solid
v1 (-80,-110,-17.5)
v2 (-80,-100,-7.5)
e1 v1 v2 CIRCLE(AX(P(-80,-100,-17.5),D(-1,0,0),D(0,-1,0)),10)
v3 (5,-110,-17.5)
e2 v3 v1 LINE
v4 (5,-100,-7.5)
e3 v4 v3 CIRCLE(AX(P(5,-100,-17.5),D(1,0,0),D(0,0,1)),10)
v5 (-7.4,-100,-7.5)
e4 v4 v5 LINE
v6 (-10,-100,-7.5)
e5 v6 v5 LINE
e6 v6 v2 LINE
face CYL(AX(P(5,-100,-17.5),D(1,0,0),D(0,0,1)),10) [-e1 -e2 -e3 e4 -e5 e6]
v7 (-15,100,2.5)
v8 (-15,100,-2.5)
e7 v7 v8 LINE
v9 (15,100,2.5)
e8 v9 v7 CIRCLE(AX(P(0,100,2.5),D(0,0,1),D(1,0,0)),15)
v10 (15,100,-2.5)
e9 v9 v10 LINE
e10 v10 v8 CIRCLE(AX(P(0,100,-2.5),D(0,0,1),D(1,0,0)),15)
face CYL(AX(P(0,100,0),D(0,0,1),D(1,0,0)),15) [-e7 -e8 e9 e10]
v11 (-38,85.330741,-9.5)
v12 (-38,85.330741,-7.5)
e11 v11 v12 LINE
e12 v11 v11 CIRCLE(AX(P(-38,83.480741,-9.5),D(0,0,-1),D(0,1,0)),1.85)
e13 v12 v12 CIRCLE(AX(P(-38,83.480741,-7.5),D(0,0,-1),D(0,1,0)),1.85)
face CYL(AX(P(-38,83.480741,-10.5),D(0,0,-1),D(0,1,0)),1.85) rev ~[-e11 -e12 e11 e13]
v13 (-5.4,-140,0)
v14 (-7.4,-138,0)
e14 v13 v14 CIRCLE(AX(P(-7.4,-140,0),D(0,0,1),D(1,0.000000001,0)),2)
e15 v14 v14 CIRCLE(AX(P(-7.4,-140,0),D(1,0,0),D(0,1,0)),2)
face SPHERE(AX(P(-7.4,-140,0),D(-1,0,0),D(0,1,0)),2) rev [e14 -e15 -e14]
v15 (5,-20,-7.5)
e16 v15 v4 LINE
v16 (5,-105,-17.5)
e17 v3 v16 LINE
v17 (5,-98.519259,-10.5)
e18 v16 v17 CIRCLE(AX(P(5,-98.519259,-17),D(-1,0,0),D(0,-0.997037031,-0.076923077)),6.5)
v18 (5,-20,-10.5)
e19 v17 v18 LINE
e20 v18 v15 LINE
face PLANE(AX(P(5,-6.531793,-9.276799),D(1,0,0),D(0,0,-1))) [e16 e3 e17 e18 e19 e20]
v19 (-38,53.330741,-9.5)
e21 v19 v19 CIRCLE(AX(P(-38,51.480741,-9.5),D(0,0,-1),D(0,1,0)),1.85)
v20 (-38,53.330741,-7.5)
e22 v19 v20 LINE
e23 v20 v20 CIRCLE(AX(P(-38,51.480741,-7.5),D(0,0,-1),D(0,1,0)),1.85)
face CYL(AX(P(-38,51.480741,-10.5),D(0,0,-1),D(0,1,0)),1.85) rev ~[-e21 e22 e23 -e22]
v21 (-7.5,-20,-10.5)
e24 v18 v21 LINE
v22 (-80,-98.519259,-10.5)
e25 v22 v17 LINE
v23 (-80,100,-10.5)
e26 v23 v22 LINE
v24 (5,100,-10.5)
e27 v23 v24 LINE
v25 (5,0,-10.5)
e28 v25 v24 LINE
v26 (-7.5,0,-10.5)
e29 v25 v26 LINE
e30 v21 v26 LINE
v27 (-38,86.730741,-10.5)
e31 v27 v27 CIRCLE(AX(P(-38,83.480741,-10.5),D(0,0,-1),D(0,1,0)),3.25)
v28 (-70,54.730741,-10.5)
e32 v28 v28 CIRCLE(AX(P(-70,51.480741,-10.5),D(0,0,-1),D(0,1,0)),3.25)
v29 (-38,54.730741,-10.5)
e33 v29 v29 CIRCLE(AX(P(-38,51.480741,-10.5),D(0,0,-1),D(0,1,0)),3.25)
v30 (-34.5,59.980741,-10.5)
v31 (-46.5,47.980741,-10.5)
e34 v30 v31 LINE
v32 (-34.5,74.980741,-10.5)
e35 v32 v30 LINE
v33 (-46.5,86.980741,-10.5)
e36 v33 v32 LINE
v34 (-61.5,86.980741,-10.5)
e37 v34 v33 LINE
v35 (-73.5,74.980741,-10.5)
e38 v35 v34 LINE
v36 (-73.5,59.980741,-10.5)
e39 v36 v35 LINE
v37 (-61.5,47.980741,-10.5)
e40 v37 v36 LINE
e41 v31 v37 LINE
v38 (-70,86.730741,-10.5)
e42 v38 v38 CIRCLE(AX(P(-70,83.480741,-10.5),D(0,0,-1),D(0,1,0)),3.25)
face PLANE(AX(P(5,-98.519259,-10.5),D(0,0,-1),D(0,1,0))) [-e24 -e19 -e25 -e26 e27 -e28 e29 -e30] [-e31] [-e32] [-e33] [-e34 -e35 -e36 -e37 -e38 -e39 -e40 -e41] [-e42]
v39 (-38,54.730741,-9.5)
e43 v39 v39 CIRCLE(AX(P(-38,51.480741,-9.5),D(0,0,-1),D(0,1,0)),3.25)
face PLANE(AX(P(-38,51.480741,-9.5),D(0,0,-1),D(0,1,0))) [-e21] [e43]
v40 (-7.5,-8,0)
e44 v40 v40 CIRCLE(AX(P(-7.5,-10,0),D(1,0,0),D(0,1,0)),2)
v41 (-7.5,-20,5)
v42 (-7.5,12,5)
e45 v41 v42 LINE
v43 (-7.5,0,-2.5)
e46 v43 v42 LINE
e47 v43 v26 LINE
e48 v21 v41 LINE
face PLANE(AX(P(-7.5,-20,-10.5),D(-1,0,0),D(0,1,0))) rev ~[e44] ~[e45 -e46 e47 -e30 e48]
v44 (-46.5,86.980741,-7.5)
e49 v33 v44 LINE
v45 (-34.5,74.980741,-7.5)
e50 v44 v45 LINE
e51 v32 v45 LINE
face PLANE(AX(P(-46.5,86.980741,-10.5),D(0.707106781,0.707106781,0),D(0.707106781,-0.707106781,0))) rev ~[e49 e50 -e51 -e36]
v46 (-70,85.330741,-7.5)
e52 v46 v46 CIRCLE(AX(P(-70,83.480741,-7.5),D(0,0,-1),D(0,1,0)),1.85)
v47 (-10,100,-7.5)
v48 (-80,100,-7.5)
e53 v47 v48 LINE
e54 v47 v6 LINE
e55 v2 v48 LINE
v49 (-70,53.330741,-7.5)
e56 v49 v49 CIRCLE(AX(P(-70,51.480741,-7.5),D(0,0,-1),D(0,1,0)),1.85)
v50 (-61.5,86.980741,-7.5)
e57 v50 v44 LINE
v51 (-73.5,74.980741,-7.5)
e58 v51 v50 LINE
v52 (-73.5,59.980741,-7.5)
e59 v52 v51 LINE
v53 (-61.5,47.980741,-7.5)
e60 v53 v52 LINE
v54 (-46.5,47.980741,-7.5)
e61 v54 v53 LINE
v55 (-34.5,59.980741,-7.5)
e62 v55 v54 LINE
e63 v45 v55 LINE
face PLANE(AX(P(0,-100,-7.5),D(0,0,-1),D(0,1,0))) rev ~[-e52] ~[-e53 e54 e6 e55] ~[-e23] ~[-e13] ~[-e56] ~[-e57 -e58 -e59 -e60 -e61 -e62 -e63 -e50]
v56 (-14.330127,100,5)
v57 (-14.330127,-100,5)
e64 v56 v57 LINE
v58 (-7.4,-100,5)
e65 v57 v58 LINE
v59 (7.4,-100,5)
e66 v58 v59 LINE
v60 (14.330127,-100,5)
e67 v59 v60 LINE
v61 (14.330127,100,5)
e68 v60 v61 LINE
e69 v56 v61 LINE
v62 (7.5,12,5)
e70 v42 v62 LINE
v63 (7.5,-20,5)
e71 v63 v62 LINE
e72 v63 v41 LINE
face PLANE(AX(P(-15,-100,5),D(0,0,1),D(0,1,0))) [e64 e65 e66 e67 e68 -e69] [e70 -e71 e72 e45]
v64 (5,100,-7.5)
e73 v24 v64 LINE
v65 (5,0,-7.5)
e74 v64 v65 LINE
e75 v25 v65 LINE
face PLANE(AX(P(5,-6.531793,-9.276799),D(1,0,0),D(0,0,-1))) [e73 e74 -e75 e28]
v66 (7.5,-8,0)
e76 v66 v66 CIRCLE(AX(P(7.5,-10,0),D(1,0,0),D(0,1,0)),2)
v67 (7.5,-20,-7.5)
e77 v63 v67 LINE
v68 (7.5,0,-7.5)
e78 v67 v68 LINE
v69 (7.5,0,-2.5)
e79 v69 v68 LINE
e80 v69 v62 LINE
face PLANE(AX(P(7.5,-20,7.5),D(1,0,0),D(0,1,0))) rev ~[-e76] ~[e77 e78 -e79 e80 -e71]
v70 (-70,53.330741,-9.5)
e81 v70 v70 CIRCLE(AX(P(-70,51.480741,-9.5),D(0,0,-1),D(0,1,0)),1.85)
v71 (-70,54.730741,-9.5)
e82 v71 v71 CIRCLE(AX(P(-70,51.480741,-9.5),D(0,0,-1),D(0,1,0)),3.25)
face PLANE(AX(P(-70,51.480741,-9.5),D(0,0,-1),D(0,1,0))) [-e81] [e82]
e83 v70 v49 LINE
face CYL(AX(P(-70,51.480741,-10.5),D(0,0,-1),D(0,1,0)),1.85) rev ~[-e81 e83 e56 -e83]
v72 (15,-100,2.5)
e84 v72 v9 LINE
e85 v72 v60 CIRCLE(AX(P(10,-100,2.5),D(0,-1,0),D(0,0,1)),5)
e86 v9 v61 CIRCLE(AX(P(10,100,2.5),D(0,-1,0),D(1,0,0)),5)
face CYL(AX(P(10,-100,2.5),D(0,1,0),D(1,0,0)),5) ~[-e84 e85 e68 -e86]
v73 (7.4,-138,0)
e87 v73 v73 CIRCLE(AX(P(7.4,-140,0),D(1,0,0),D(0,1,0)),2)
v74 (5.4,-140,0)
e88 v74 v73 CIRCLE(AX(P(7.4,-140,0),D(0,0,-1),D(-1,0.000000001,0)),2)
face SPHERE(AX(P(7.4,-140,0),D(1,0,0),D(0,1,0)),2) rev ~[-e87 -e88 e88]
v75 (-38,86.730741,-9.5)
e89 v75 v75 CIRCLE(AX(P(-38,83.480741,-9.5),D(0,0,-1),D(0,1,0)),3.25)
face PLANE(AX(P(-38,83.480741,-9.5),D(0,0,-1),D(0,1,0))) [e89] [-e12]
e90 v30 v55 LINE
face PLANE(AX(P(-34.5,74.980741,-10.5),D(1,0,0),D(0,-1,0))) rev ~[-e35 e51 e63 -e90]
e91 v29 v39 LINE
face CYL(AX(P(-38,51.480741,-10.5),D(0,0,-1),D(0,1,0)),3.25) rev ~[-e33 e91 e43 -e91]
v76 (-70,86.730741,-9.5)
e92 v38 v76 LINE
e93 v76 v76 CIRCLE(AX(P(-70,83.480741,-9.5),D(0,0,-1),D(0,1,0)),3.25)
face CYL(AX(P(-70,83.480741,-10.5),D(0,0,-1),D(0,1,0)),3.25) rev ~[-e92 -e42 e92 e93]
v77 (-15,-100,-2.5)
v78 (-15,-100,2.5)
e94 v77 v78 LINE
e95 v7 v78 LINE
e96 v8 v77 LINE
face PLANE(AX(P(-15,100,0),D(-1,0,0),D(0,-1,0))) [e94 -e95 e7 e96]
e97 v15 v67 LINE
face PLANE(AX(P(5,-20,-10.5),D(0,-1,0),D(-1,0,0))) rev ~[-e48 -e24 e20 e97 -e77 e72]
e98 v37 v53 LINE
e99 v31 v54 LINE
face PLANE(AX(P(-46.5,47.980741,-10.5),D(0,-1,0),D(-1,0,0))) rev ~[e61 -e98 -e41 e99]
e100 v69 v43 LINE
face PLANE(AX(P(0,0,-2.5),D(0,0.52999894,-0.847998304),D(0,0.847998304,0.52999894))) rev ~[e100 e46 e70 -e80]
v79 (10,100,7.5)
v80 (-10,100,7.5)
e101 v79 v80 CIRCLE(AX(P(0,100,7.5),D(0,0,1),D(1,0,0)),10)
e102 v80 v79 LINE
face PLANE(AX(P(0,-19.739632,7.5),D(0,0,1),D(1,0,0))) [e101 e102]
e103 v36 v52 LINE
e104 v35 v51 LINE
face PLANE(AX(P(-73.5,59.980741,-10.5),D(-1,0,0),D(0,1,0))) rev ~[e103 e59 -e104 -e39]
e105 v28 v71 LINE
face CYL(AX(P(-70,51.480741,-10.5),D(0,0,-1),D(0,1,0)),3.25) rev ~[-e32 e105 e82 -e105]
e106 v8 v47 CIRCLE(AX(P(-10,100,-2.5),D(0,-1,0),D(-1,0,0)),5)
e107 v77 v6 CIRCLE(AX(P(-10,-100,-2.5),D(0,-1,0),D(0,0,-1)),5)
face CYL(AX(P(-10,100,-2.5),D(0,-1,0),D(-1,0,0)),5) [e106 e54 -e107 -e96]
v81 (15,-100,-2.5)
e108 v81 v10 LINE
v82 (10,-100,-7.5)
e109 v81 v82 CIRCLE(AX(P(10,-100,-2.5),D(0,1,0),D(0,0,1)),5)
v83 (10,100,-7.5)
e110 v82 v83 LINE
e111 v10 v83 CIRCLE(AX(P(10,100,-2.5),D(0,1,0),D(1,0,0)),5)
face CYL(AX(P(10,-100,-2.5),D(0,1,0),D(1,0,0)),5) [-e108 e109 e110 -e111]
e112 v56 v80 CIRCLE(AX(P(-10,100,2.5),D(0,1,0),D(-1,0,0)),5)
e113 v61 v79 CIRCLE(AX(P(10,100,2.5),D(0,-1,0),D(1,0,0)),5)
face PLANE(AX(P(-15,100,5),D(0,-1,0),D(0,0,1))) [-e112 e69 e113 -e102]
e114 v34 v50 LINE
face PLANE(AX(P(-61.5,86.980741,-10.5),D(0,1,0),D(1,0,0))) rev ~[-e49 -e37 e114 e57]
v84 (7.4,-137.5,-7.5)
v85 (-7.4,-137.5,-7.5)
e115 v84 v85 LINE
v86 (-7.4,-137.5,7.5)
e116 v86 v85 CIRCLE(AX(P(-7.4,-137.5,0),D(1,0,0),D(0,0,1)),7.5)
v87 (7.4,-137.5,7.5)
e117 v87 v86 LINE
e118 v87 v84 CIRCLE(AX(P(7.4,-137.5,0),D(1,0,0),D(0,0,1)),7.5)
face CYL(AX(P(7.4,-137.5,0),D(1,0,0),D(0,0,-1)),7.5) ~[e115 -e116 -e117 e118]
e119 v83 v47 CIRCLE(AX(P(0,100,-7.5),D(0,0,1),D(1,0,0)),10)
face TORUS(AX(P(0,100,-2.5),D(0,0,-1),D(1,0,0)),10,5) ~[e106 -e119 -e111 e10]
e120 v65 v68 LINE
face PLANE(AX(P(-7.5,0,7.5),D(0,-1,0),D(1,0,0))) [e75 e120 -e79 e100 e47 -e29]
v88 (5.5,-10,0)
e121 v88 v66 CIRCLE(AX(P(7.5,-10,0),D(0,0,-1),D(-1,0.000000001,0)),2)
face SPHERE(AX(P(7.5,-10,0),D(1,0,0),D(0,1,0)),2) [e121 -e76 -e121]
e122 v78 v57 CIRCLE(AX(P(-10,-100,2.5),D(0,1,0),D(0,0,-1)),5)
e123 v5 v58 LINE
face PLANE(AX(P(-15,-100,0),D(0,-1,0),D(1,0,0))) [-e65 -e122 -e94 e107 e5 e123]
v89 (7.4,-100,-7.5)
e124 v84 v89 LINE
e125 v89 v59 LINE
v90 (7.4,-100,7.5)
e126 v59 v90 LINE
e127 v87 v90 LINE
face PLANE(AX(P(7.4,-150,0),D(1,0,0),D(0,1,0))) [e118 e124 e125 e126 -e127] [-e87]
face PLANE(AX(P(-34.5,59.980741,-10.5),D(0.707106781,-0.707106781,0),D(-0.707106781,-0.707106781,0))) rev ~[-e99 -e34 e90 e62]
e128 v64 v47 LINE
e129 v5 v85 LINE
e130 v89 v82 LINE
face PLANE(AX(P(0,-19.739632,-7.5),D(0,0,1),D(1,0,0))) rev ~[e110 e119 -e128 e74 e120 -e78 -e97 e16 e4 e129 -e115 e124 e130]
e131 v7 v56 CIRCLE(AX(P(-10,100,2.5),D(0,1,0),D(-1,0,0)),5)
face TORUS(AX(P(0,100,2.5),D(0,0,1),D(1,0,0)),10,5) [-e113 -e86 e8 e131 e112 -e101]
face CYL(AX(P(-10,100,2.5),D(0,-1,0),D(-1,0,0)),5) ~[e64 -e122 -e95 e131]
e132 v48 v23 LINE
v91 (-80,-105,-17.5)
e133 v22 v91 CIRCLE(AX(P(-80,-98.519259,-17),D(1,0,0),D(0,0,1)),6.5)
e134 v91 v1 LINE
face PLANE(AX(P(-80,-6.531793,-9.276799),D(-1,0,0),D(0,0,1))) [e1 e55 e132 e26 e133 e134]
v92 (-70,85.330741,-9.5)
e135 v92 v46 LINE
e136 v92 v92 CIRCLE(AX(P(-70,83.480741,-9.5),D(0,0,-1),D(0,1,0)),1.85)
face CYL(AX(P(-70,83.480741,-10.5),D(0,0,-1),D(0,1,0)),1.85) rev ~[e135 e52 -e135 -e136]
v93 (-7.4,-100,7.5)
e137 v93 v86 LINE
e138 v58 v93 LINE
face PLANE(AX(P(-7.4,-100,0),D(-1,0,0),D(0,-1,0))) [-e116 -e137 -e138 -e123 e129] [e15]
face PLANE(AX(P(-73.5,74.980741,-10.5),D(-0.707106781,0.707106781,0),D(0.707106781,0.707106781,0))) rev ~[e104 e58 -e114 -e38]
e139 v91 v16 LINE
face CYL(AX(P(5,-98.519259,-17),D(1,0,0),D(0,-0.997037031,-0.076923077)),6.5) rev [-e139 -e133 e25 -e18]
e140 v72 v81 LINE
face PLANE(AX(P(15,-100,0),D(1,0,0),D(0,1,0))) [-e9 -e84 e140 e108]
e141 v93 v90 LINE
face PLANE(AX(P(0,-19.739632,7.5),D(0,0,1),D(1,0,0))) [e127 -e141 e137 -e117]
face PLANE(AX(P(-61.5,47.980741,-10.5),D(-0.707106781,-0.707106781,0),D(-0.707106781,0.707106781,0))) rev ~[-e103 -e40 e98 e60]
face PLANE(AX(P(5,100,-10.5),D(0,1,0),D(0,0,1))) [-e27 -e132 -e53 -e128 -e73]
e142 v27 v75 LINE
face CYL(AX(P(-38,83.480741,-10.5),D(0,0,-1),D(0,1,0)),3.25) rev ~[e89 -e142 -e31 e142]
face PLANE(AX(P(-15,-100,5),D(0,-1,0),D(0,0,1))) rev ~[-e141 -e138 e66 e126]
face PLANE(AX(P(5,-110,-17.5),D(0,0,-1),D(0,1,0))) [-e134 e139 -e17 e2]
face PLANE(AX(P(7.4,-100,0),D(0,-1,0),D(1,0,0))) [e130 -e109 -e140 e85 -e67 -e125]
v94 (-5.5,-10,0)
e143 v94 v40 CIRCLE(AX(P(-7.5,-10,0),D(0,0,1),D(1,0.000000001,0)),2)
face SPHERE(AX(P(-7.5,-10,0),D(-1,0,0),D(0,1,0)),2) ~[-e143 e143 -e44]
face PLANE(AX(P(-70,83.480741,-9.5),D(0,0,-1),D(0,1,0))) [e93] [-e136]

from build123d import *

# Parameters (mm, degrees)
BOSS_EXTRUDE1_DEPTH = 7.5
FILLET1_R           = 5
SKETCH2_W           = 15
SKETCH2_H           = 20
CUT_EXTRUDE1_DEPTH  = 152.492574075
FILLET6_R           = 5
CUT_EXTRUDE2_DEPTH  = 152.848641746
BOSS_EXTRUDE2_DEPTH = 80
BOSS_EXTRUDE3_START = 5
BOSS_EXTRUDE3_DEPTH = 5
SKETCH12_W          = 12.5
SKETCH12_H          = 20
CUT_EXTRUDE3_DEPTH  = 3
SKETCH13_W          = 2.5
SKETCH13_H          = 200
CUT_EXTRUDE4_DEPTH  = 160.863222787
SKETCH14_R          = 1.85
CUT_EXTRUDE5_DEPTH  = 10
SKETCH15_R          = 3.25
CUT_EXTRUDE6_DEPTH  = 1
CUT_EXTRUDE7_DEPTH  = 7.5


with BuildPart() as part:
    # Sketch1 → Boss-Extrude1 (new, symmetric)
    with BuildSketch(Plane.XY):
        with BuildLine():
            Line((-15, 100), (-15, -100))
            Line((-15, -100), (-7.4, -100))
            Line((-7.4, -100), (-7.4, -150))
            Line((-7.4, -150), (7.4, -150))
            Line((7.4, -150), (7.4, -100))
            Line((7.4, -100), (15, -100))
            Line((15, -100), (15, 100))
            ThreePointArc((15, 100), (0, 115), (-15, 100))
        make_face()
    extrude(amount=BOSS_EXTRUDE1_DEPTH, both=True)

    # Fillet1
    fillet1_edges = [part.edges().sort_by_distance(p)[0] for p in [
        (-15, 0, -7.5),
        (0, 115, -7.5),
        (15, 0, 7.5),
        (0, 115, 7.5),
        (15, 0, -7.5),
        (-15, 0, 7.5),
    ]]
    fillet(fillet1_edges, radius=FILLET1_R)

    # Sketch2 → Cut-Extrude1 (cut, through all)
    with BuildSketch(Plane.XY.offset(7.5)):
        with Locations((0, -10)):
            Rectangle(SKETCH2_W, SKETCH2_H)
    extrude(amount=-CUT_EXTRUDE1_DEPTH, mode=Mode.SUBTRACT)

    # Sketch5 → Cut-Revolve1 (revolve, cut)
    with BuildSketch(Plane.XY):
        with BuildLine():
            Line((-7.4, -140), (-5.4, -140))
            ThreePointArc((-5.4, -140), (-5.985786438, -138.585786438), (-7.4, -138))
            Line((-7.4, -138), (-7.4, -140))
        make_face()
        with BuildLine():
            Line((7.4, -140), (5.4, -140))
            ThreePointArc((5.4, -140), (5.985786438, -138.585786438), (7.4, -138))
            Line((7.4, -138), (7.4, -140))
        make_face()
    revolve(axis=Axis((-35.580304025, -140, 0), (1, 0, 0)), mode=Mode.SUBTRACT)

    # Fillet6
    fillet6_edges = [part.edges().sort_by_distance(p)[0] for p in [
        (7.4, -150, 0),
        (-7.4, -150, 0),
    ]]
    fillet(fillet6_edges, radius=FILLET6_R)

    # Sketch7 → Cut-Extrude2 (cut, through all)
    with BuildSketch(Plane(origin=(7.4, 0, 0), x_dir=(0, 0, -1), z_dir=(1, 0, 0))):
        with BuildLine():
            Line((-7.5, -137.5), (-7.5, -150))
            Line((-7.5, -150), (7.5, -150))
            Line((7.5, -150), (7.5, -137.5))
            ThreePointArc((7.5, -137.5), (0, -145), (-7.5, -137.5))
        make_face()
    extrude(amount=-CUT_EXTRUDE2_DEPTH, mode=Mode.SUBTRACT)

    # Sketch9 → Revolve2 (revolve)
    with BuildSketch(Plane.XY):
        with BuildLine():
            Line((-7.5, -10), (-5.5, -10))
            ThreePointArc((-5.5, -10), (-6.085786438, -8.585786438), (-7.5, -8))
            Line((-7.5, -8), (-7.5, -10))
        make_face()
        with BuildLine():
            Line((7.5, -10), (5.5, -10))
            ThreePointArc((5.5, -10), (6.085786438, -8.585786438), (7.5, -8))
            Line((7.5, -8), (7.5, -10))
        make_face()
    revolve(axis=Axis((-32.251262552, -10, 0), (1, 0, 0)))

    # Sketch10 → Boss-Extrude2 (add)
    with BuildSketch(Plane(origin=(0, 0, 0), x_dir=(0, 0, -1), z_dir=(1, 0, 0))):
        with BuildLine():
            Line((7.5, -100), (7.5, 100))
            Line((7.5, 100), (10.5, 100))
            Line((10.5, 100), (10.5, -98.519259302))
            ThreePointArc((10.5, -98.519259302), (12.584119567, -103.288955309), (17.5, -105))
            Line((17.5, -105), (17.5, -110))
            ThreePointArc((17.5, -110), (10.428932188, -107.071067812), (7.5, -100))
        make_face()
    extrude(amount=-BOSS_EXTRUDE2_DEPTH)

    # Sketch11 → Boss-Extrude3 (add)
    with BuildSketch(Plane(origin=(0, 0, 0), x_dir=(0, 0, -1), z_dir=(1, 0, 0)).offset(BOSS_EXTRUDE3_START)):
        with BuildLine():
            Line((17.5, -110), (17.5, -105))
            ThreePointArc((17.5, -105), (12.584119567, -103.288955309), (10.5, -98.519259302))
            Line((10.5, -98.519259302), (10.5, 100))
            Line((10.5, 100), (7.5, 100))
            Line((7.5, 100), (7.5, -100))
            ThreePointArc((7.5, -100), (10.428932188, -107.071067812), (17.5, -110))
        make_face()
    extrude(amount=-BOSS_EXTRUDE3_DEPTH)

    # Sketch12 → Cut-Extrude3 (cut)
    with BuildSketch(Plane(origin=(0, 0, -10.5), x_dir=(-1, 0, 0), z_dir=(0, 0, -1))):
        with Locations((1.25, -10)):
            Rectangle(SKETCH12_W, SKETCH12_H)
    extrude(amount=-CUT_EXTRUDE3_DEPTH, mode=Mode.SUBTRACT)

    # Sketch13 → Cut-Extrude4 (cut, through all)
    with BuildSketch(Plane.ZY.offset(15)):
        with Locations((6.25, 0)):
            Rectangle(SKETCH13_W, SKETCH13_H)
    extrude(amount=-CUT_EXTRUDE4_DEPTH, mode=Mode.SUBTRACT)

    # Sketch14 → Cut-Extrude5 (cut)
    with BuildSketch(Plane(origin=(0, 0, -10.5), x_dir=(-1, 0, 0), z_dir=(0, 0, -1))):
        with Locations(Location((70, 51.480740698, 0), (0, 0, 90))):
            Circle(SKETCH14_R)
        with Locations(Location((70, 83.480740698, 0), (0, 0, 90))):
            Circle(SKETCH14_R)
        with Locations(Location((38, 83.480740698, 0), (0, 0, 90))):
            Circle(SKETCH14_R)
        with Locations(Location((38, 51.480740698, 0), (0, 0, 90))):
            Circle(SKETCH14_R)
        Polygon((61.5, 86.980740698), (46.5, 86.980740698), (34.5, 74.980740698), (34.5, 59.980740698), (46.5, 47.980740698), (61.5, 47.980740698), (73.5, 59.980740698), (73.5, 74.980740698), align=None)
    extrude(amount=-CUT_EXTRUDE5_DEPTH, mode=Mode.SUBTRACT)

    # Sketch15 → Cut-Extrude6 (cut)
    with BuildSketch(Plane(origin=(0, 0, -10.5), x_dir=(-1, 0, 0), z_dir=(0, 0, -1))):
        with Locations(Location((70, 83.480740698, 0), (0, 0, 90))):
            Circle(SKETCH15_R)
        with Locations(Location((38, 83.480740698, 0), (0, 0, 90))):
            Circle(SKETCH15_R)
        with Locations(Location((38, 51.480740698, 0), (0, 0, 90))):
            Circle(SKETCH15_R)
        with Locations(Location((70, 51.480740698, 0), (0, 0, 90))):
            Circle(SKETCH15_R)
    extrude(amount=-CUT_EXTRUDE6_DEPTH, mode=Mode.SUBTRACT)

    # Sketch16 → Cut-Extrude7 (cut, symmetric)
    with BuildSketch(Plane(origin=(0, 0, 0), x_dir=(0, 0, -1), z_dir=(1, 0, 0))):
        Polygon((2.5, 0), (-5, 12), (-5, 0), align=None)
    extrude(amount=CUT_EXTRUDE7_DEPTH, both=True, mode=Mode.SUBTRACT)


solid = part.part
